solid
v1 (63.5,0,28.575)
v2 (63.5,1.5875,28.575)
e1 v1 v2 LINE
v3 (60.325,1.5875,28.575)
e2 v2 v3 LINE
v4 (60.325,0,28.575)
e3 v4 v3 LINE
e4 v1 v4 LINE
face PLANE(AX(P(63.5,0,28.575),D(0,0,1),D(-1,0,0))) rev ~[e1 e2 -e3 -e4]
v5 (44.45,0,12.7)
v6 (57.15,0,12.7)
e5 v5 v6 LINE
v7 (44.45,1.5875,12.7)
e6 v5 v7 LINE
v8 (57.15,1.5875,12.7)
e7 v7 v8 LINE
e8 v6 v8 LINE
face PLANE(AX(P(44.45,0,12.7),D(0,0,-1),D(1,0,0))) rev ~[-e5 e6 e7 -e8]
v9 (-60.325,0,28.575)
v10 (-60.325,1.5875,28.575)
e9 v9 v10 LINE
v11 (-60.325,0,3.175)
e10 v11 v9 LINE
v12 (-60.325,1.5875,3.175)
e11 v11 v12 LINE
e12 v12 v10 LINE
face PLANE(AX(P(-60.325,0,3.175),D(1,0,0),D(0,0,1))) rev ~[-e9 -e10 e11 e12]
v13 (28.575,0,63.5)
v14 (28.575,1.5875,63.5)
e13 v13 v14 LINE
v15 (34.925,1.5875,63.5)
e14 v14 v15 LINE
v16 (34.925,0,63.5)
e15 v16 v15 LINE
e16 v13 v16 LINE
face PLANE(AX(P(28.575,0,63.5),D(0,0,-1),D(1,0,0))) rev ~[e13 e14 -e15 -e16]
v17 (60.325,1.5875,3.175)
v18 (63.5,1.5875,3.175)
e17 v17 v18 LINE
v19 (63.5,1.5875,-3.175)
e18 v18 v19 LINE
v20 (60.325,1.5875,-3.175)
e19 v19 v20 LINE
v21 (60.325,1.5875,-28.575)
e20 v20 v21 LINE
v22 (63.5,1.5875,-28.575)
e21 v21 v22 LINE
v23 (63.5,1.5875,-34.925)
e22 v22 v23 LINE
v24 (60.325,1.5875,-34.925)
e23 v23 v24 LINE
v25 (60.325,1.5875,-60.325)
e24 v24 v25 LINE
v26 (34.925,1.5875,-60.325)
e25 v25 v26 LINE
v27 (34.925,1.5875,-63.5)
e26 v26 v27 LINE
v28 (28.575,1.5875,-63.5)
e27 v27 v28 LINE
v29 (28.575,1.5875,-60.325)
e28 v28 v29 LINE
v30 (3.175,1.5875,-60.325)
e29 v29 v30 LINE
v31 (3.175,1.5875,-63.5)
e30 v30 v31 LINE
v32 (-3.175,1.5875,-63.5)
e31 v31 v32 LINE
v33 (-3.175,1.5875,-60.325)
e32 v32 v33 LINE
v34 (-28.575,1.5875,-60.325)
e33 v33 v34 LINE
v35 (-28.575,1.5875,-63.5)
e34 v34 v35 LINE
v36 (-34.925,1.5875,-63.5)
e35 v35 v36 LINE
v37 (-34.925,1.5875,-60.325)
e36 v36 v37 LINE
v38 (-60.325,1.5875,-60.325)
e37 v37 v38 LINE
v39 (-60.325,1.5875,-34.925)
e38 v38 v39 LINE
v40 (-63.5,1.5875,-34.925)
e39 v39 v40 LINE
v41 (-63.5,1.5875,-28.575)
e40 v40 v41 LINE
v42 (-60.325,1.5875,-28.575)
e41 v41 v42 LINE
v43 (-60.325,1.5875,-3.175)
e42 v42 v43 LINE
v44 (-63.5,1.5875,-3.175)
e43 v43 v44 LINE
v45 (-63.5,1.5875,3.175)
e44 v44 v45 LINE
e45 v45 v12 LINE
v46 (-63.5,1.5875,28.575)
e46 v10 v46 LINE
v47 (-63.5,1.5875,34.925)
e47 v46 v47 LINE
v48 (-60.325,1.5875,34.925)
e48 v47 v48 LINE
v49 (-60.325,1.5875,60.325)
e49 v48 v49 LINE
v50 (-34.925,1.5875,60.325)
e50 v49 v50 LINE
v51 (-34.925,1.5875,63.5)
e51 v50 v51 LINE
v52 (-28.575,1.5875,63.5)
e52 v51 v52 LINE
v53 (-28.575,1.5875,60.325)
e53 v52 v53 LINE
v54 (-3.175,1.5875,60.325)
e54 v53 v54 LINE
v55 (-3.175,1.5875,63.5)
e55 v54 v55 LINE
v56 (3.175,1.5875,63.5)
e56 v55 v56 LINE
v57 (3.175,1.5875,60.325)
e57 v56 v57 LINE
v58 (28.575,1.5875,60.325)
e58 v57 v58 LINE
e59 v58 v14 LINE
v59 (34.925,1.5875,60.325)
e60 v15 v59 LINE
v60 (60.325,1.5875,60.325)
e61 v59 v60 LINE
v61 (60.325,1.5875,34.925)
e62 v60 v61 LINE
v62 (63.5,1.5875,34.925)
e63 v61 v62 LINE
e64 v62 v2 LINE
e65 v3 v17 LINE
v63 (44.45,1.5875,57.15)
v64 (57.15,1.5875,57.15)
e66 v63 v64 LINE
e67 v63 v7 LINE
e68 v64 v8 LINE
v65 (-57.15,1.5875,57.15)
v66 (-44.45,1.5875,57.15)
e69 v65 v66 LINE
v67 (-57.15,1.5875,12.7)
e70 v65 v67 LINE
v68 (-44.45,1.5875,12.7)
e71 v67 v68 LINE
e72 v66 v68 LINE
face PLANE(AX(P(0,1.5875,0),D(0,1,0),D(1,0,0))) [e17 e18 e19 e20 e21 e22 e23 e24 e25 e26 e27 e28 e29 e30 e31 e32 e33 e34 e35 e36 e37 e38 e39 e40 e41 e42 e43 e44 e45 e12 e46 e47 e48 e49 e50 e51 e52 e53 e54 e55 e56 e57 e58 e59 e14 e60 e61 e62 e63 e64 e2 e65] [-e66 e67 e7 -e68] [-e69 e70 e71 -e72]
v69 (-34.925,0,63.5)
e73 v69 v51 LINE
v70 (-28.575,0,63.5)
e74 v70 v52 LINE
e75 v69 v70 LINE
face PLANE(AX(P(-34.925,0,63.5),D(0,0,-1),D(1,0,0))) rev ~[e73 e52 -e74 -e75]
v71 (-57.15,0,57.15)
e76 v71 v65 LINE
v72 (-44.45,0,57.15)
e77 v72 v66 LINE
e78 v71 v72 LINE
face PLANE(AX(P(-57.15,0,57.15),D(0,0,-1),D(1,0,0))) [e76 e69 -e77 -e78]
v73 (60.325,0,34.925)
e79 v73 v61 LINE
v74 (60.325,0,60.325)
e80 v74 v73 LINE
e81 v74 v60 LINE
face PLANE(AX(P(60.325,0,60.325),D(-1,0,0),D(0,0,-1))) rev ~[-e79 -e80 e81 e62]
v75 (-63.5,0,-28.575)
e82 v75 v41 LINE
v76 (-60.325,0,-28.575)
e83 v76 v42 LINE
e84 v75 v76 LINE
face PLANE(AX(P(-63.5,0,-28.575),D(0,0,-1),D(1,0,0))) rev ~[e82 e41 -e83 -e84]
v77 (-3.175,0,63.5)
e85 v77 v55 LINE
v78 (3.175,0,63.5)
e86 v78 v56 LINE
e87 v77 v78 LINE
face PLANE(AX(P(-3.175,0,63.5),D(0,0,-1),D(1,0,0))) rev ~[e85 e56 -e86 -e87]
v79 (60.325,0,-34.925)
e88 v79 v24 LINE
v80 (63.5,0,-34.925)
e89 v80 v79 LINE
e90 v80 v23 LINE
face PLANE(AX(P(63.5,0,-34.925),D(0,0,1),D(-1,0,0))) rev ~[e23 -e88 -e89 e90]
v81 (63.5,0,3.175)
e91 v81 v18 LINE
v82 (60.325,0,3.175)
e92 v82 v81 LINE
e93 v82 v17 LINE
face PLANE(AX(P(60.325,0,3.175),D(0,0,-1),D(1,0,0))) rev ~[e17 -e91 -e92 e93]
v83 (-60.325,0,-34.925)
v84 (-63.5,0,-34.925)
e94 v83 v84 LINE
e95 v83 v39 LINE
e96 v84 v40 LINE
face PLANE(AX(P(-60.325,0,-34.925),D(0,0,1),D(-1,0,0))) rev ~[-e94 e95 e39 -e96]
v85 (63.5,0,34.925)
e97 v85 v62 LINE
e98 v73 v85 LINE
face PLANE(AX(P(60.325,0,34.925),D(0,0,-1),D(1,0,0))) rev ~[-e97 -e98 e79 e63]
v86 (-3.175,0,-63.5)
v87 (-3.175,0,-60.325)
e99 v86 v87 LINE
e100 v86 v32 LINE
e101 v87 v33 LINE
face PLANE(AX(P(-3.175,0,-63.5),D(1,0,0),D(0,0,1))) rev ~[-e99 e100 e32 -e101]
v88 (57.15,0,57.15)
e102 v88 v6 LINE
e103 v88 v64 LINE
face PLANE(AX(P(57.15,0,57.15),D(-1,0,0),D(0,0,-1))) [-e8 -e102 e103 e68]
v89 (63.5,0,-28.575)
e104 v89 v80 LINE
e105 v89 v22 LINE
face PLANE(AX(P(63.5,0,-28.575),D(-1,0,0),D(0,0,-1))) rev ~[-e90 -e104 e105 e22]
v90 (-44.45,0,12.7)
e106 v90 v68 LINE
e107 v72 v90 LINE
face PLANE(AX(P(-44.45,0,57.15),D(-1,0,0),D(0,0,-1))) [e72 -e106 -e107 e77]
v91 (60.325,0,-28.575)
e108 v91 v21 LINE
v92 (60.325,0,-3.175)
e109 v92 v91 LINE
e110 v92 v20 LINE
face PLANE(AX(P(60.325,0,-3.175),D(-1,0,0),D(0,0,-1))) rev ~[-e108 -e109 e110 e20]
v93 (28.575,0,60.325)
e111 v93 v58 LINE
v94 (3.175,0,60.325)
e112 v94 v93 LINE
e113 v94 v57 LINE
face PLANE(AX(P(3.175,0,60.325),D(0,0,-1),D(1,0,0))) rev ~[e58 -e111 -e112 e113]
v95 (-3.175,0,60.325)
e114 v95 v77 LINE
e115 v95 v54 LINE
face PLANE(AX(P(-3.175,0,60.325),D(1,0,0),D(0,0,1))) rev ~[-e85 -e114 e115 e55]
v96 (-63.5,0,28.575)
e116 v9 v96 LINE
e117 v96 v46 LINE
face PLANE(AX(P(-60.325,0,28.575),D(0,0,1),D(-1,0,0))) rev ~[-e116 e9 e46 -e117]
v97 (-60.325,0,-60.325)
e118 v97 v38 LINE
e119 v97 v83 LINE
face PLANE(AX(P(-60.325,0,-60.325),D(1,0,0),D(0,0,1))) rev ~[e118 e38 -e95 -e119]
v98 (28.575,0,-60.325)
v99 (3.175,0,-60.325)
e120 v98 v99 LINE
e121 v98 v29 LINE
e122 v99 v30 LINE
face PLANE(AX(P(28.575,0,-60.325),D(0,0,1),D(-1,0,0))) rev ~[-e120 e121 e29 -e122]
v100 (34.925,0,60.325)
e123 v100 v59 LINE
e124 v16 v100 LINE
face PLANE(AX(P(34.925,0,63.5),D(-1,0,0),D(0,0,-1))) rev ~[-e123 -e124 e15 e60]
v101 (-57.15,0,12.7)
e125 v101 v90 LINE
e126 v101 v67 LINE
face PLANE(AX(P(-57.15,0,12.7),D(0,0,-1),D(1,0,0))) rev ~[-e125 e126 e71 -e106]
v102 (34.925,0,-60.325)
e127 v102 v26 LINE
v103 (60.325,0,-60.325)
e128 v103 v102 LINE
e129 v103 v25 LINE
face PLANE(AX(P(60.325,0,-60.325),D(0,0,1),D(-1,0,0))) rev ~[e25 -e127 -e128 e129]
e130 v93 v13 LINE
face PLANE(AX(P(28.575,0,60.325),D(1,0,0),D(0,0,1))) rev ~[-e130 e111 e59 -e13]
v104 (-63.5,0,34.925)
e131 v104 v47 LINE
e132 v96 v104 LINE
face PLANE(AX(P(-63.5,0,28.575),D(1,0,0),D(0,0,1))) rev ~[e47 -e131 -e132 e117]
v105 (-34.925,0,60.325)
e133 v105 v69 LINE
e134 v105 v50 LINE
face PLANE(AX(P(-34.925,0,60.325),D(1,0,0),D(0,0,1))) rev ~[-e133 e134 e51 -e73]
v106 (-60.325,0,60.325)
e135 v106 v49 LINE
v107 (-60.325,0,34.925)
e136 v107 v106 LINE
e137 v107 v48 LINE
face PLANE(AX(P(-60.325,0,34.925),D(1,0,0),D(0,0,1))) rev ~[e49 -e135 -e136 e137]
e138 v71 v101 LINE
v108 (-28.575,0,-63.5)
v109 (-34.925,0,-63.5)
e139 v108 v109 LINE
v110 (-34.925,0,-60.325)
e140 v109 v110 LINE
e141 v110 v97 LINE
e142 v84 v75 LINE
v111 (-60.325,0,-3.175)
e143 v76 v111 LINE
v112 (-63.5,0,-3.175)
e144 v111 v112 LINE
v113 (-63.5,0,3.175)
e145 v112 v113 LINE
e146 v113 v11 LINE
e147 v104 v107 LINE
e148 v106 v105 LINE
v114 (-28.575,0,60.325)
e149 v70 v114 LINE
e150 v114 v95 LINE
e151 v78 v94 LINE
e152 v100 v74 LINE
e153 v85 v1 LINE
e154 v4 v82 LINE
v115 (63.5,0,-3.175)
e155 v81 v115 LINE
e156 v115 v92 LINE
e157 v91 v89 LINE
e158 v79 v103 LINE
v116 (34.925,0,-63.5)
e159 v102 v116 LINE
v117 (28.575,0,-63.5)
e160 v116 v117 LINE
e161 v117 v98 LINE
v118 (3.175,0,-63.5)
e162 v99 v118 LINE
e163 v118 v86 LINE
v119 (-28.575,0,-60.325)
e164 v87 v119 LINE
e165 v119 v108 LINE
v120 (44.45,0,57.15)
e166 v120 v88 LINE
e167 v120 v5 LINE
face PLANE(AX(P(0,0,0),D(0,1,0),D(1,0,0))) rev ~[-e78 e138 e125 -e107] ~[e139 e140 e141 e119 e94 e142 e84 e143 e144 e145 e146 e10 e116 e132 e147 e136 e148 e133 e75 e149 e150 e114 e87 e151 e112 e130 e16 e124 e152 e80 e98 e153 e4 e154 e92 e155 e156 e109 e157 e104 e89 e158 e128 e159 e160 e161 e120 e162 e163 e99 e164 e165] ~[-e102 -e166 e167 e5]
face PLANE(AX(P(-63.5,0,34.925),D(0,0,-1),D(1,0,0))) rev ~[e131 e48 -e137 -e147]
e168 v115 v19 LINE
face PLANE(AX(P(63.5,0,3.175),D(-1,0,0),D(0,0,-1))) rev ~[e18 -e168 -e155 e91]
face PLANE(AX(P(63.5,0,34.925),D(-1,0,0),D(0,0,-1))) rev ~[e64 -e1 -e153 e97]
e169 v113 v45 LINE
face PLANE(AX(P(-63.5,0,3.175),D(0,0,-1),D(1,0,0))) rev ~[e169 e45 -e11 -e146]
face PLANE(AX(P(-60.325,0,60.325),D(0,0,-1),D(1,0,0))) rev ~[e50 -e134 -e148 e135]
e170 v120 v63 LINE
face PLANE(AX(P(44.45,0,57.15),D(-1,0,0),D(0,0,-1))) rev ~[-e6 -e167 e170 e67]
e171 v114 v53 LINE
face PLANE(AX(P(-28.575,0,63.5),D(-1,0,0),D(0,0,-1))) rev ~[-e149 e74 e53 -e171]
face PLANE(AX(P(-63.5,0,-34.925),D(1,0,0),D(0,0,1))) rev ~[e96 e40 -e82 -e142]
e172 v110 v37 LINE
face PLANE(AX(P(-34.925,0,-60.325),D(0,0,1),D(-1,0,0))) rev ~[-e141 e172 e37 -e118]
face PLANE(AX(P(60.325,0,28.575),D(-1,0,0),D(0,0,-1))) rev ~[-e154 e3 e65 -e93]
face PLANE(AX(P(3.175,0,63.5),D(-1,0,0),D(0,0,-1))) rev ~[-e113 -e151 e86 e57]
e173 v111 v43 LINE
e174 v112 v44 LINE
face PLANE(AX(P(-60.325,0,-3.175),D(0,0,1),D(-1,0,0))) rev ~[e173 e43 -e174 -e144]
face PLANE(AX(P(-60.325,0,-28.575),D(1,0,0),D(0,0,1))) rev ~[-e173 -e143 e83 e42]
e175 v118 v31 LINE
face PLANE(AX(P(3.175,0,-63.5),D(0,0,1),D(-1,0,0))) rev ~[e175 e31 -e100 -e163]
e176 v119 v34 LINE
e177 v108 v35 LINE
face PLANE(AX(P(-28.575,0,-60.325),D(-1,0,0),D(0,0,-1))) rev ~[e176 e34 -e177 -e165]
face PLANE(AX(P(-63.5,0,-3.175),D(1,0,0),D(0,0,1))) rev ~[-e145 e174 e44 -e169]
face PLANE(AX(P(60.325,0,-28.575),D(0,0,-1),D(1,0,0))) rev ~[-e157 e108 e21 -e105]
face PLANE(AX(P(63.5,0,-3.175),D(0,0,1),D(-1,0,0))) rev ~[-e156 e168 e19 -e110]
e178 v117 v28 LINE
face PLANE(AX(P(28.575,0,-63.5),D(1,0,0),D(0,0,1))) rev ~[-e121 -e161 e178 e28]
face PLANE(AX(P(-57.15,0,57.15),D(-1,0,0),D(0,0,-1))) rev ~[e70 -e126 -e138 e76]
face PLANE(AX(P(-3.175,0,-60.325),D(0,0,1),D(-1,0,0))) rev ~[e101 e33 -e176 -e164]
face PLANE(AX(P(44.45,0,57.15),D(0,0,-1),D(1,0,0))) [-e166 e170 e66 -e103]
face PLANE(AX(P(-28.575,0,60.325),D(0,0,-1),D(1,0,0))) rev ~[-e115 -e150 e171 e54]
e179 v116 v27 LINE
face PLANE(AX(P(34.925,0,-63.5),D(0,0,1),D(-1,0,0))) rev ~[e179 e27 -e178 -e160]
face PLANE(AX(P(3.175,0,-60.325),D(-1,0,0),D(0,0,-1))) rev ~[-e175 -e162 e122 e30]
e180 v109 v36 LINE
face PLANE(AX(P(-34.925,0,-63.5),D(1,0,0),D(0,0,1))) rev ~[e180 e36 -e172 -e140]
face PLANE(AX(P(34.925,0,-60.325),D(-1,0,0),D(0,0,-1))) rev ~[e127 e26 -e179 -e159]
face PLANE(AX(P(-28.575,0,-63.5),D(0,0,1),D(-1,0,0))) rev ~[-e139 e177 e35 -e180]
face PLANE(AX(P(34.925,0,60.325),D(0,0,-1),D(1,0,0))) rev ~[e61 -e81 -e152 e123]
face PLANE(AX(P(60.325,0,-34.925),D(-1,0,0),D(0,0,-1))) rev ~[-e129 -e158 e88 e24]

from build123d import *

# Parameters (mm, degrees)
SKETCH1_W           = 12.7
SKETCH1_H           = 44.45
BOSS_EXTRUDE1_DEPTH = 1.5875


with BuildPart() as part:
    # Sketch1 → Boss-Extrude1 (new body)
    with BuildSketch(Plane(origin=(0, 0, 0), x_dir=(1, 0, 0), z_dir=(0, 1, 0))):
        Polygon((3.175, 63.5), (-3.175, 63.5), (-3.175, 60.325), (-28.575, 60.325), (-28.575, 63.5), (-34.925, 63.5), (-34.925, 60.325), (-60.325, 60.325), (-60.325, 34.925), (-63.5, 34.925), (-63.5, 28.575), (-60.325, 28.575), (-60.325, 3.175), (-63.5, 3.175), (-63.5, -3.175), (-60.325, -3.175), (-60.325, -28.575), (-63.5, -28.575), (-63.5, -34.925), (-60.325, -34.925), (-60.325, -60.325), (-34.925, -60.325), (-34.925, -63.5), (-28.575, -63.5), (-28.575, -60.325), (-3.175, -60.325), (-3.175, -63.5), (3.175, -63.5), (3.175, -60.325), (28.575, -60.325), (28.575, -63.5), (34.925, -63.5), (34.925, -60.325), (60.325, -60.325), (60.325, -34.925), (63.5, -34.925), (63.5, -28.575), (60.325, -28.575), (60.325, -3.175), (63.5, -3.175), (63.5, 3.175), (60.325, 3.175), (60.325, 28.575), (63.5, 28.575), (63.5, 34.925), (60.325, 34.925), (60.325, 60.325), (34.925, 60.325), (34.925, 63.5), (28.575, 63.5), (28.575, 60.325), (3.175, 60.325), align=None)
        with Locations((50.8, -34.925)):
            Rectangle(SKETCH1_W, SKETCH1_H, mode=Mode.SUBTRACT)
        with Locations((-50.8, -34.925)):
            Rectangle(SKETCH1_W, SKETCH1_H, mode=Mode.SUBTRACT)
    extrude(amount=BOSS_EXTRUDE1_DEPTH)


solid = part.part
